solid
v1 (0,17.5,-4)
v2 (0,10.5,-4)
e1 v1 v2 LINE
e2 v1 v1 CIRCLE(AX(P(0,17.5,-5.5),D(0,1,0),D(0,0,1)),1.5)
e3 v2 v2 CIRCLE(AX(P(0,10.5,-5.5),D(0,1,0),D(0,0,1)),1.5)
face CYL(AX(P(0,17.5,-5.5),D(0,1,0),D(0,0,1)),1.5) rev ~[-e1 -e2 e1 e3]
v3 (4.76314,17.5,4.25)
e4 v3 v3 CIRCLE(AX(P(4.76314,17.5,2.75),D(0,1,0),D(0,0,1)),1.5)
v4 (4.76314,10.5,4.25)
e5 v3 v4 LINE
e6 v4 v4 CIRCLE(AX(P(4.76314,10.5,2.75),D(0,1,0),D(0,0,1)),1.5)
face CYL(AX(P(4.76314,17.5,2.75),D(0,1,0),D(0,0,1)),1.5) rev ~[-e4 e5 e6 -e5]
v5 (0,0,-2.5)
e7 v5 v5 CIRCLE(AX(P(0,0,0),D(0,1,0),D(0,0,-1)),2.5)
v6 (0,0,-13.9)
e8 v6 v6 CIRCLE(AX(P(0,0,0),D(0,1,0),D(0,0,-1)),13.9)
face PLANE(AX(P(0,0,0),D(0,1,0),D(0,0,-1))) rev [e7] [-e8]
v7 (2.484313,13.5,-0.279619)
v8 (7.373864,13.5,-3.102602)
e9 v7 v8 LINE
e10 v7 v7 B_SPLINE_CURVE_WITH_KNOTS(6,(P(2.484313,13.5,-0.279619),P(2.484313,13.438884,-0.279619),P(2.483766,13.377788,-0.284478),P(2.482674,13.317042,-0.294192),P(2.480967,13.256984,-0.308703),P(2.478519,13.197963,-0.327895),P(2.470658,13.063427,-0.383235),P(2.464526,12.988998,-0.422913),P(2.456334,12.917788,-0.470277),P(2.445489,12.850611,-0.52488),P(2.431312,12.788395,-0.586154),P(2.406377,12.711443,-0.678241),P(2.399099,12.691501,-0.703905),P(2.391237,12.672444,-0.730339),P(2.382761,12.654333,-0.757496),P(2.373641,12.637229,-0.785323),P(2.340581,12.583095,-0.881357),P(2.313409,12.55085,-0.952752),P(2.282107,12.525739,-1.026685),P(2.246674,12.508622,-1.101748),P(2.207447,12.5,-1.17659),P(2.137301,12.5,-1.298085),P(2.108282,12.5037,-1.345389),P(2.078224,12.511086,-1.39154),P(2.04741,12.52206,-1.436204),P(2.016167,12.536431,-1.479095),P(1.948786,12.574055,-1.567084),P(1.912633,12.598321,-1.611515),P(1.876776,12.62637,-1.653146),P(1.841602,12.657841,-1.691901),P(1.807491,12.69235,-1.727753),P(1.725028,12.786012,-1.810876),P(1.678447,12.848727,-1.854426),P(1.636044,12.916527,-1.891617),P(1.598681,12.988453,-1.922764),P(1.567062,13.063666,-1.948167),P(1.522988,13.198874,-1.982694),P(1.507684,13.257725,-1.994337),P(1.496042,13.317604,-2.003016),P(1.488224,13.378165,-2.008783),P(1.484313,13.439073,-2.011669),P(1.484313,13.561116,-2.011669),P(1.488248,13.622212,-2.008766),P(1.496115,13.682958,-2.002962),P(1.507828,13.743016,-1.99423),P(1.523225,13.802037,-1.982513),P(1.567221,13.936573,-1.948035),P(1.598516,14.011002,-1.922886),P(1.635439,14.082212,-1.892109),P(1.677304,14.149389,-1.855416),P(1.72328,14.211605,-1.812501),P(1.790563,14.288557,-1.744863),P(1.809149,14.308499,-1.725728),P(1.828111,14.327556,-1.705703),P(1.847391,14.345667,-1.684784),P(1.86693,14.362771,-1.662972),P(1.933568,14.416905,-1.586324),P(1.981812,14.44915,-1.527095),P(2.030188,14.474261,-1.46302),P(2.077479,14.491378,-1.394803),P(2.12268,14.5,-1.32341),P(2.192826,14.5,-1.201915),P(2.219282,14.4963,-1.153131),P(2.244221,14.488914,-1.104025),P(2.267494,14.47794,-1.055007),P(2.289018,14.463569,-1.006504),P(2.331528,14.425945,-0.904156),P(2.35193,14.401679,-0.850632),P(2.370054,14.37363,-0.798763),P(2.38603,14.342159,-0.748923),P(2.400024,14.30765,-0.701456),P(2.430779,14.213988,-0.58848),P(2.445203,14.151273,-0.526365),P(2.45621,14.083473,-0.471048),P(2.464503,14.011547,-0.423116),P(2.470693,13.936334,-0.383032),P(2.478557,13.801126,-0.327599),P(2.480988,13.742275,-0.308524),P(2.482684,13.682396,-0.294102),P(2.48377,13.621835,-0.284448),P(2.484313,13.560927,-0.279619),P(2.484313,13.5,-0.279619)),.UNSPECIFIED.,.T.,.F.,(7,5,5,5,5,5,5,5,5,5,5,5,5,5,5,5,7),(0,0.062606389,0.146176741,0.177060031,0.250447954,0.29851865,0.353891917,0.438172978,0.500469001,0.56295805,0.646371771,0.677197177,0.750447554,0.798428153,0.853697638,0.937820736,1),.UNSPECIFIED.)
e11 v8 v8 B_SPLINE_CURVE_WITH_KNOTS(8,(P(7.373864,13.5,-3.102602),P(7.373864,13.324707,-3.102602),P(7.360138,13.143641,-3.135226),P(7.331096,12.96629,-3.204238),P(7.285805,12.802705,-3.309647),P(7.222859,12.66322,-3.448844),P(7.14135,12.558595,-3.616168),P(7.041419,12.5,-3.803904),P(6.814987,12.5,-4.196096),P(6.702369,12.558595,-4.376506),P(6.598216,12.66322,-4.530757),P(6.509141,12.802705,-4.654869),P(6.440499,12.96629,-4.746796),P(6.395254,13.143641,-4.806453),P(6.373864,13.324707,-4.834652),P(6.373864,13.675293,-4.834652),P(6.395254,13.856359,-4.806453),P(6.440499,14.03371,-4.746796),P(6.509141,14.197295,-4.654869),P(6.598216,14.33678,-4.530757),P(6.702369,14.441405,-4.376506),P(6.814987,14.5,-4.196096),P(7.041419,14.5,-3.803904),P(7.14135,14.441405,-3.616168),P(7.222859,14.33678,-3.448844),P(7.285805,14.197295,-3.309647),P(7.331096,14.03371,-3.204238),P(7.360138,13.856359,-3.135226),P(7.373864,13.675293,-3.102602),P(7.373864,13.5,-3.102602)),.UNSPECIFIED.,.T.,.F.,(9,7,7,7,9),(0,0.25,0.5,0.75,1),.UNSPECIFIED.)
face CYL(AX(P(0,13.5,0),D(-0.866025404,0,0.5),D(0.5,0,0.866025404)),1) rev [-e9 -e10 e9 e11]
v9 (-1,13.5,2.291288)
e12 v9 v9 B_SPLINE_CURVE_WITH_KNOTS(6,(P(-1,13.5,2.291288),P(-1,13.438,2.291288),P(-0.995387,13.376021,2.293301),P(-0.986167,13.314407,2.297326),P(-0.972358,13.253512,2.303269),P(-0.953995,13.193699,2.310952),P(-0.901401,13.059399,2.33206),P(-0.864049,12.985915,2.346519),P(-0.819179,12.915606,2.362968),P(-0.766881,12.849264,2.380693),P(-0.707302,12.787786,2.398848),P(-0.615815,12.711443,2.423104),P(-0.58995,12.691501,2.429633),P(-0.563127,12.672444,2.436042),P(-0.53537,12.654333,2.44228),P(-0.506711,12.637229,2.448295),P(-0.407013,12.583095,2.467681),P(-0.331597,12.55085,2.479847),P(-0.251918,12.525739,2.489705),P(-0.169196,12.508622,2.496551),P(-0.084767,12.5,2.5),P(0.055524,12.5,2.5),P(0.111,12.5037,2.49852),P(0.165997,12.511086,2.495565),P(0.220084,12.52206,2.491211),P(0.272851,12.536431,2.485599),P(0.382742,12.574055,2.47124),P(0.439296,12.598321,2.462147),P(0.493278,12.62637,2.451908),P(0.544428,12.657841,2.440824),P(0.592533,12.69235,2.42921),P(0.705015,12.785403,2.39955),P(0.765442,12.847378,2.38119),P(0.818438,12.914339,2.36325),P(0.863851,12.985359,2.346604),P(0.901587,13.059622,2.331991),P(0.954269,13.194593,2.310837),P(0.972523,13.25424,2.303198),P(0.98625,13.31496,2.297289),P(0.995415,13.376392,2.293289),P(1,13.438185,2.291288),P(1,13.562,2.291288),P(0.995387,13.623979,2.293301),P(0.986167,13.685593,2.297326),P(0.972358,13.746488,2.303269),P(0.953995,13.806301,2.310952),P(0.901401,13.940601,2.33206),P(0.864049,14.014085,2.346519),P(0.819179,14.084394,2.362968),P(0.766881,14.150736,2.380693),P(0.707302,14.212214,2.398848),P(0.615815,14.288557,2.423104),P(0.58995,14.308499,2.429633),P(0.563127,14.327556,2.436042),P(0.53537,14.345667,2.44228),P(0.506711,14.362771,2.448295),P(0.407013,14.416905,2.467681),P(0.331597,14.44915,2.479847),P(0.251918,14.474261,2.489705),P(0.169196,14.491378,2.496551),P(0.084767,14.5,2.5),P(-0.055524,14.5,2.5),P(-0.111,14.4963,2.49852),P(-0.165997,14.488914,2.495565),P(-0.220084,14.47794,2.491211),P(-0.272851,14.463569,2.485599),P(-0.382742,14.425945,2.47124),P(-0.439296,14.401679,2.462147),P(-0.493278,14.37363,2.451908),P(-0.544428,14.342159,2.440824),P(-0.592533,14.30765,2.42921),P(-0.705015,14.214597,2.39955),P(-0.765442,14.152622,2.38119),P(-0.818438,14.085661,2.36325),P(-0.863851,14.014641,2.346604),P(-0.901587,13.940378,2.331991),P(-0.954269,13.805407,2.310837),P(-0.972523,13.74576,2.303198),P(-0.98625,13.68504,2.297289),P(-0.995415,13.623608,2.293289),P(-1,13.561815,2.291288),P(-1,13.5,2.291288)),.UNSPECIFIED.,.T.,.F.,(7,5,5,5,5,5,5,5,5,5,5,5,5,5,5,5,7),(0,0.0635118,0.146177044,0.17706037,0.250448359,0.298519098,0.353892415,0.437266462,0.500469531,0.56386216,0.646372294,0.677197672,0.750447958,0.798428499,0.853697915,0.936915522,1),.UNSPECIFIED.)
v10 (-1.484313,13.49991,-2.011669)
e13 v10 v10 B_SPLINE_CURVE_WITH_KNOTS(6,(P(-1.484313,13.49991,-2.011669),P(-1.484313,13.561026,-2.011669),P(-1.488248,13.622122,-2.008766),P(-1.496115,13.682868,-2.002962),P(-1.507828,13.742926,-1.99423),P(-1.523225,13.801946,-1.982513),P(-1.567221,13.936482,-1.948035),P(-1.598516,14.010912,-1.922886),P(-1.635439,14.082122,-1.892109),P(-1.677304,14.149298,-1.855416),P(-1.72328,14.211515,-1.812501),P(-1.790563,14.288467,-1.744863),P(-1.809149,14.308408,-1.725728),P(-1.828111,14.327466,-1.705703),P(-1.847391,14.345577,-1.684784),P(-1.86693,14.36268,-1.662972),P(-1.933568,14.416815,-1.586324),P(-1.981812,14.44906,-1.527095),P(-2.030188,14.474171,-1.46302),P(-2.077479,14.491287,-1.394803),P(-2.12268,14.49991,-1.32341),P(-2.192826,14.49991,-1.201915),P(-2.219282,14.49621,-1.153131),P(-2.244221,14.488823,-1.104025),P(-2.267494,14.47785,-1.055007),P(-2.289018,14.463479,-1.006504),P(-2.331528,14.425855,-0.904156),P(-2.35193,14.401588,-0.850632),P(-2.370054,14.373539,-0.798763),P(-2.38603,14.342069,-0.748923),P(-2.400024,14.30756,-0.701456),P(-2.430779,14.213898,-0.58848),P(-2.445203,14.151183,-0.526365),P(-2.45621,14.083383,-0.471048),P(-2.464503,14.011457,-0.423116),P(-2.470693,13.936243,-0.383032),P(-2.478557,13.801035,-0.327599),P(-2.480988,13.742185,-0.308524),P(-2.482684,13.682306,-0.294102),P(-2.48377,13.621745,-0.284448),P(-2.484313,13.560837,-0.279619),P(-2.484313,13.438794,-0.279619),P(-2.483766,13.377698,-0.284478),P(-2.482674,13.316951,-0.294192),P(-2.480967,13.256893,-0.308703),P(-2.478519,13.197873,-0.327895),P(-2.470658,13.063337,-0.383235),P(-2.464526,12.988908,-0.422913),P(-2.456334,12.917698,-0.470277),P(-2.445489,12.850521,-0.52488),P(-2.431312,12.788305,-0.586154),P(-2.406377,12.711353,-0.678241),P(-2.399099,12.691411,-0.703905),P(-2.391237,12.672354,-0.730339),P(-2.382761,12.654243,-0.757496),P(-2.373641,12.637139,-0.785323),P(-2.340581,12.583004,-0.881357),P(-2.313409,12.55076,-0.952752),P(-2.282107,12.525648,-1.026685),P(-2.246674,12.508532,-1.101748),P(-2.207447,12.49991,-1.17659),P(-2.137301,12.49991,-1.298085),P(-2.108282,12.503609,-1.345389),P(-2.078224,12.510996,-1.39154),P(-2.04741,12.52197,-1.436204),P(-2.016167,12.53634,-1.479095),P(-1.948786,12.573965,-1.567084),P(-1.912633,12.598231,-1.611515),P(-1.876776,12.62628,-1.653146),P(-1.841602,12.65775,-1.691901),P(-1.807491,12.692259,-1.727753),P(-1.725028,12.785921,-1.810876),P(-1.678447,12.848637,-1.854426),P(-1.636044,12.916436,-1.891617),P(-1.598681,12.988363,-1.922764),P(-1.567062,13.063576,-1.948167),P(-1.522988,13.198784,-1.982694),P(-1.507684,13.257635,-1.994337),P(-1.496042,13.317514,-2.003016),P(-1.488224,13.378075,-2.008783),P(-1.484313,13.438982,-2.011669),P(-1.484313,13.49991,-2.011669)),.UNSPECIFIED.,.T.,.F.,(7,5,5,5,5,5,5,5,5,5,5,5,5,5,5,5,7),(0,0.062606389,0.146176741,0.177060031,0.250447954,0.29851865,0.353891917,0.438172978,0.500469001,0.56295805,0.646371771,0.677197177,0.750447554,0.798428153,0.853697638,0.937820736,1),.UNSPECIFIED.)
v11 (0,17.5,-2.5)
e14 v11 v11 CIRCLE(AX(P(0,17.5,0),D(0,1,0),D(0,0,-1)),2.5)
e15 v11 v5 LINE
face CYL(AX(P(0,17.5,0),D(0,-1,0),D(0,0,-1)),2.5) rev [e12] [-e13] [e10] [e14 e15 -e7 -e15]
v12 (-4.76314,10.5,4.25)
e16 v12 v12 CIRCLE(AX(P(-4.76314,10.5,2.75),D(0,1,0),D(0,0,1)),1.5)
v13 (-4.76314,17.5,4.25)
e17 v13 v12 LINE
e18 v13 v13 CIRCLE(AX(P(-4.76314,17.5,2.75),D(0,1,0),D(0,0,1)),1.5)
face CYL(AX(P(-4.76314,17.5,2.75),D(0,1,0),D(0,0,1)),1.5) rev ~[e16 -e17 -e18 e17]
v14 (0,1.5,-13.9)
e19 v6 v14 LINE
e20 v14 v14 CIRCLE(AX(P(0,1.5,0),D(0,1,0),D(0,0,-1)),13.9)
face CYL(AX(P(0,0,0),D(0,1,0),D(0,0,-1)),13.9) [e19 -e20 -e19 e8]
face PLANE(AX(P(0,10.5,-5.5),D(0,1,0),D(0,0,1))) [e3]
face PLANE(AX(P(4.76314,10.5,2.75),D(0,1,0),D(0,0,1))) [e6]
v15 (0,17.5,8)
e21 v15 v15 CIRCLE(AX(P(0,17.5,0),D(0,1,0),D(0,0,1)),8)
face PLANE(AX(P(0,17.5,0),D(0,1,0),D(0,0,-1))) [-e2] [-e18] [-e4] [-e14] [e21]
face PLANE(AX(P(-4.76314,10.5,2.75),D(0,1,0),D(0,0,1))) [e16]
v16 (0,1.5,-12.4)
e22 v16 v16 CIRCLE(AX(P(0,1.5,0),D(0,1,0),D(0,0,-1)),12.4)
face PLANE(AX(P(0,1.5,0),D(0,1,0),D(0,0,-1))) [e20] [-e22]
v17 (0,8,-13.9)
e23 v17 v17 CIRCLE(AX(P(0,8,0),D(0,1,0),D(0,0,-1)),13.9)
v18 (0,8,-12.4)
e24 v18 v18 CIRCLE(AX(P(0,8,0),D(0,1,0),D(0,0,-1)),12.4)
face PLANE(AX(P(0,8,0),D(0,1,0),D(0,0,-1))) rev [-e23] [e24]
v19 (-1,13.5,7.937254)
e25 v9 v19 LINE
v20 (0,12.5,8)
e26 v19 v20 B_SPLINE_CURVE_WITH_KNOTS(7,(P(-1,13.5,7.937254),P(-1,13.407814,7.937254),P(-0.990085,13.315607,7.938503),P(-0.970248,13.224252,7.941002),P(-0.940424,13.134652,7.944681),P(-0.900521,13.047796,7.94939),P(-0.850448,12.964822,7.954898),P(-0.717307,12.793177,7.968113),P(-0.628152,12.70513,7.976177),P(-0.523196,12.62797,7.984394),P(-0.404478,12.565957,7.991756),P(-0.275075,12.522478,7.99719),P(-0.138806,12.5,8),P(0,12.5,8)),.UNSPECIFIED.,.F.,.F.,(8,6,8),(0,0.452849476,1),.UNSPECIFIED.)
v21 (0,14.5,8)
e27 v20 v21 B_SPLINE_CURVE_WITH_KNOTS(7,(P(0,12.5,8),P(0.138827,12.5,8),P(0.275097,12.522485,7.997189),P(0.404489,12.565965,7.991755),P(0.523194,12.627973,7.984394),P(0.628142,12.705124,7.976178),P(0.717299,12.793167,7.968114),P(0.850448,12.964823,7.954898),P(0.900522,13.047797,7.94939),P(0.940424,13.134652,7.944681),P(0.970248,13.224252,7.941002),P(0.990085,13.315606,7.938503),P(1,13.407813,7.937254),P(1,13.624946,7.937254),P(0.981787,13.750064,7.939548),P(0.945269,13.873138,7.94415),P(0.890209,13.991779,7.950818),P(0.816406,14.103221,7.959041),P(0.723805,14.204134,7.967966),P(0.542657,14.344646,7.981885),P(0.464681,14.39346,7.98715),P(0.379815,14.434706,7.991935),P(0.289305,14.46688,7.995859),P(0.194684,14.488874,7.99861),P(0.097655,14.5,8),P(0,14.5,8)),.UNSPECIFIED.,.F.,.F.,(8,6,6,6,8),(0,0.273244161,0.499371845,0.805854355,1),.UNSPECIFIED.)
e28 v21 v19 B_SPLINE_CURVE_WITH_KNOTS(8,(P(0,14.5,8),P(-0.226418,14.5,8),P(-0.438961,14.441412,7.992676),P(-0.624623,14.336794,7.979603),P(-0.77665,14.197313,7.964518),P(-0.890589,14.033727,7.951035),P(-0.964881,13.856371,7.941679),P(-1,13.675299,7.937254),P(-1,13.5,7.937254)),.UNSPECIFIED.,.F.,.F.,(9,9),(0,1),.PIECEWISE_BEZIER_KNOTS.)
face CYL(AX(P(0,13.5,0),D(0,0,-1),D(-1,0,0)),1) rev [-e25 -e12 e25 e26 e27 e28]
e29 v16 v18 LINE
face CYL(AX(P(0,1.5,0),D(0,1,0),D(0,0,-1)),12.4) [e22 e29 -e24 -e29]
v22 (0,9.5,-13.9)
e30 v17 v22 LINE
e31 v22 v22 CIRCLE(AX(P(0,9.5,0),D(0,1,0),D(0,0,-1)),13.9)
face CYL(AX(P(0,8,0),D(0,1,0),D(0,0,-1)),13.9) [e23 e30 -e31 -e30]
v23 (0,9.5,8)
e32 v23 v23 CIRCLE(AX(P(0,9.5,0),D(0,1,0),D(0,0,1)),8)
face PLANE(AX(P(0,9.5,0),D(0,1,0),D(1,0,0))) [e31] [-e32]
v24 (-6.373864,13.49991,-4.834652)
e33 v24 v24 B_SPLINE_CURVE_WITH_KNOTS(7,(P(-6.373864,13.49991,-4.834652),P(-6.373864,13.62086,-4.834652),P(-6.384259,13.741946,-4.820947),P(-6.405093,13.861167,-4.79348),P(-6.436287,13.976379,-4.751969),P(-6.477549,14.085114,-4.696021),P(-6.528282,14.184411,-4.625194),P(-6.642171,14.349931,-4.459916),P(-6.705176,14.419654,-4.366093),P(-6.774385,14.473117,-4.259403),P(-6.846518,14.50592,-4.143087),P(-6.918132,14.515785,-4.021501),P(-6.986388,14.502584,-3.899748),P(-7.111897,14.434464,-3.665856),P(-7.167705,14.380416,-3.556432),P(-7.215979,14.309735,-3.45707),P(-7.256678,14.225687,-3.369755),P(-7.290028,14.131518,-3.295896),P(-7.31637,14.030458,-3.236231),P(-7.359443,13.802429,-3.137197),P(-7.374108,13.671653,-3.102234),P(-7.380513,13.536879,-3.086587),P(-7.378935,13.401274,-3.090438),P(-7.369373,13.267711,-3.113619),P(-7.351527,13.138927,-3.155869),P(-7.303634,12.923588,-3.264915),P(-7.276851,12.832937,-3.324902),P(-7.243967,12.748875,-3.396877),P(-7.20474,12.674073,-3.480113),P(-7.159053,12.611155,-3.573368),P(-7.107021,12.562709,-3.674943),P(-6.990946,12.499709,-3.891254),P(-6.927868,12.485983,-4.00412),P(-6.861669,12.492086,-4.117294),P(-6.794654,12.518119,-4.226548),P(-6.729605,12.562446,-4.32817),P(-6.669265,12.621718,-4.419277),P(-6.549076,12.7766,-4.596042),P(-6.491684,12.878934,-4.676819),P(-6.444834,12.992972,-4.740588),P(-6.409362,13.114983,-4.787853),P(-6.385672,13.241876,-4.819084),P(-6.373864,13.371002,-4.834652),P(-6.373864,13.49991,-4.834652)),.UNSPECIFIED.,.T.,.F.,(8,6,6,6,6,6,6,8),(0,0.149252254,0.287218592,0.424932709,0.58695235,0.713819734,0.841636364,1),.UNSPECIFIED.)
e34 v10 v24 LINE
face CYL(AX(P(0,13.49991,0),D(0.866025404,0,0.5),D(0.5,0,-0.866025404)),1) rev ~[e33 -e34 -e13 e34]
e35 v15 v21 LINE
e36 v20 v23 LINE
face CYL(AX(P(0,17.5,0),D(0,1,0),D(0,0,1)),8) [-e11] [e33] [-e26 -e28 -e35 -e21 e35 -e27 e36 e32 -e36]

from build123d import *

# Parameters (mm, degrees)
ESQUISSE2_R             = 8.85
ESQUISSE2_R_2           = 8
ENL_V_MAT_EXTRU_1_DEPTH = 8
ESQUISSE3_R             = 1.5
ENL_V_MAT_EXTRU_2_DEPTH = 7
ESQUISSE4_R             = 1
ENL_V_MAT_EXTRU_3_DEPTH = 10
ESQUISSE6_R             = 1
ENL_V_MAT_EXTRU_4_DEPTH = 10
ESQUISSE7_R             = 1
ENL_V_MAT_EXTRU_5_DEPTH = 10


with BuildPart() as part:
    # Esquisse1 → Révolution1 (revolve)
    with BuildSketch(Plane.XY, mode=Mode.PRIVATE) as r_volution1_sk:
        Polygon((2.5, 0), (13.9, 0), (13.9, 1.5), (12.4, 1.5), (12.4, 8), (13.9, 8), (13.9, 9.5), (8.85, 9.5), (8.85, 17.5), (2.5, 17.5), align=None)
    revolve(r_volution1_sk.sketch.rotate(Axis((0, 0, 0), (0, 1, 0)), 90), axis=Axis((0, 0, 0), (0, 1, 0)))

    # Esquisse2 → Enlèv. mat.-Extru.1 (cut)
    with BuildSketch(Plane(origin=(0, 17.5, 0), x_dir=(1, 0, 0), z_dir=(0, 1, 0))):
        Circle(ESQUISSE2_R)
        with Locations(Location((0, 0, 0), (0, 0, 270))):
            Circle(ESQUISSE2_R_2, mode=Mode.SUBTRACT)
    extrude(amount=-ENL_V_MAT_EXTRU_1_DEPTH, mode=Mode.SUBTRACT)

    # Esquisse3 → Enlèv. mat.-Extru.2 (cut)
    with BuildSketch(Plane(origin=(0, 17.5, 0), x_dir=(1, 0, 0), z_dir=(0, 1, 0))):
        with Locations(Location((0, 5.5, 0), (0, 0, 270))):
            Circle(ESQUISSE3_R)
        with Locations(Location((4.763139721, -2.75, 0), (0, 0, 270))):
            Circle(ESQUISSE3_R)
        with Locations(Location((-4.763139721, -2.75, 0), (0, 0, 270))):
            Circle(ESQUISSE3_R)
    extrude(amount=-ENL_V_MAT_EXTRU_2_DEPTH, mode=Mode.SUBTRACT)

    # Esquisse4 → Enlèv. mat.-Extru.3 (cut)
    with BuildSketch(Plane.XY):
        with Locations(Location((0, 13.5, 0), (0, 0, 180))):
            Circle(ESQUISSE4_R)
    extrude(amount=ENL_V_MAT_EXTRU_3_DEPTH, mode=Mode.SUBTRACT)

    # Esquisse6 → Enlèv. mat.-Extru.4 (cut)
    with BuildSketch(Plane(origin=(0, 0, 0), x_dir=(0, 1, 0), z_dir=(0.8660254037844398, 0, 0.499999999999998))):
        with Locations(Location((13.499909745, 0, 0), (0, 0, 270))):
            Circle(ESQUISSE6_R)
    extrude(amount=-ENL_V_MAT_EXTRU_4_DEPTH, mode=Mode.SUBTRACT)

    # Esquisse7 → Enlèv. mat.-Extru.5 (cut)
    with BuildSketch(Plane(origin=(0, 0, 0), x_dir=(0, 1, 0), z_dir=(0.8660254037844364, 0, -0.500000000000004))):
        with Locations(Location((13.5, 0, 0), (0, 0, 90))):
            Circle(ESQUISSE7_R)
    extrude(amount=ENL_V_MAT_EXTRU_5_DEPTH, mode=Mode.SUBTRACT)


solid = part.part
